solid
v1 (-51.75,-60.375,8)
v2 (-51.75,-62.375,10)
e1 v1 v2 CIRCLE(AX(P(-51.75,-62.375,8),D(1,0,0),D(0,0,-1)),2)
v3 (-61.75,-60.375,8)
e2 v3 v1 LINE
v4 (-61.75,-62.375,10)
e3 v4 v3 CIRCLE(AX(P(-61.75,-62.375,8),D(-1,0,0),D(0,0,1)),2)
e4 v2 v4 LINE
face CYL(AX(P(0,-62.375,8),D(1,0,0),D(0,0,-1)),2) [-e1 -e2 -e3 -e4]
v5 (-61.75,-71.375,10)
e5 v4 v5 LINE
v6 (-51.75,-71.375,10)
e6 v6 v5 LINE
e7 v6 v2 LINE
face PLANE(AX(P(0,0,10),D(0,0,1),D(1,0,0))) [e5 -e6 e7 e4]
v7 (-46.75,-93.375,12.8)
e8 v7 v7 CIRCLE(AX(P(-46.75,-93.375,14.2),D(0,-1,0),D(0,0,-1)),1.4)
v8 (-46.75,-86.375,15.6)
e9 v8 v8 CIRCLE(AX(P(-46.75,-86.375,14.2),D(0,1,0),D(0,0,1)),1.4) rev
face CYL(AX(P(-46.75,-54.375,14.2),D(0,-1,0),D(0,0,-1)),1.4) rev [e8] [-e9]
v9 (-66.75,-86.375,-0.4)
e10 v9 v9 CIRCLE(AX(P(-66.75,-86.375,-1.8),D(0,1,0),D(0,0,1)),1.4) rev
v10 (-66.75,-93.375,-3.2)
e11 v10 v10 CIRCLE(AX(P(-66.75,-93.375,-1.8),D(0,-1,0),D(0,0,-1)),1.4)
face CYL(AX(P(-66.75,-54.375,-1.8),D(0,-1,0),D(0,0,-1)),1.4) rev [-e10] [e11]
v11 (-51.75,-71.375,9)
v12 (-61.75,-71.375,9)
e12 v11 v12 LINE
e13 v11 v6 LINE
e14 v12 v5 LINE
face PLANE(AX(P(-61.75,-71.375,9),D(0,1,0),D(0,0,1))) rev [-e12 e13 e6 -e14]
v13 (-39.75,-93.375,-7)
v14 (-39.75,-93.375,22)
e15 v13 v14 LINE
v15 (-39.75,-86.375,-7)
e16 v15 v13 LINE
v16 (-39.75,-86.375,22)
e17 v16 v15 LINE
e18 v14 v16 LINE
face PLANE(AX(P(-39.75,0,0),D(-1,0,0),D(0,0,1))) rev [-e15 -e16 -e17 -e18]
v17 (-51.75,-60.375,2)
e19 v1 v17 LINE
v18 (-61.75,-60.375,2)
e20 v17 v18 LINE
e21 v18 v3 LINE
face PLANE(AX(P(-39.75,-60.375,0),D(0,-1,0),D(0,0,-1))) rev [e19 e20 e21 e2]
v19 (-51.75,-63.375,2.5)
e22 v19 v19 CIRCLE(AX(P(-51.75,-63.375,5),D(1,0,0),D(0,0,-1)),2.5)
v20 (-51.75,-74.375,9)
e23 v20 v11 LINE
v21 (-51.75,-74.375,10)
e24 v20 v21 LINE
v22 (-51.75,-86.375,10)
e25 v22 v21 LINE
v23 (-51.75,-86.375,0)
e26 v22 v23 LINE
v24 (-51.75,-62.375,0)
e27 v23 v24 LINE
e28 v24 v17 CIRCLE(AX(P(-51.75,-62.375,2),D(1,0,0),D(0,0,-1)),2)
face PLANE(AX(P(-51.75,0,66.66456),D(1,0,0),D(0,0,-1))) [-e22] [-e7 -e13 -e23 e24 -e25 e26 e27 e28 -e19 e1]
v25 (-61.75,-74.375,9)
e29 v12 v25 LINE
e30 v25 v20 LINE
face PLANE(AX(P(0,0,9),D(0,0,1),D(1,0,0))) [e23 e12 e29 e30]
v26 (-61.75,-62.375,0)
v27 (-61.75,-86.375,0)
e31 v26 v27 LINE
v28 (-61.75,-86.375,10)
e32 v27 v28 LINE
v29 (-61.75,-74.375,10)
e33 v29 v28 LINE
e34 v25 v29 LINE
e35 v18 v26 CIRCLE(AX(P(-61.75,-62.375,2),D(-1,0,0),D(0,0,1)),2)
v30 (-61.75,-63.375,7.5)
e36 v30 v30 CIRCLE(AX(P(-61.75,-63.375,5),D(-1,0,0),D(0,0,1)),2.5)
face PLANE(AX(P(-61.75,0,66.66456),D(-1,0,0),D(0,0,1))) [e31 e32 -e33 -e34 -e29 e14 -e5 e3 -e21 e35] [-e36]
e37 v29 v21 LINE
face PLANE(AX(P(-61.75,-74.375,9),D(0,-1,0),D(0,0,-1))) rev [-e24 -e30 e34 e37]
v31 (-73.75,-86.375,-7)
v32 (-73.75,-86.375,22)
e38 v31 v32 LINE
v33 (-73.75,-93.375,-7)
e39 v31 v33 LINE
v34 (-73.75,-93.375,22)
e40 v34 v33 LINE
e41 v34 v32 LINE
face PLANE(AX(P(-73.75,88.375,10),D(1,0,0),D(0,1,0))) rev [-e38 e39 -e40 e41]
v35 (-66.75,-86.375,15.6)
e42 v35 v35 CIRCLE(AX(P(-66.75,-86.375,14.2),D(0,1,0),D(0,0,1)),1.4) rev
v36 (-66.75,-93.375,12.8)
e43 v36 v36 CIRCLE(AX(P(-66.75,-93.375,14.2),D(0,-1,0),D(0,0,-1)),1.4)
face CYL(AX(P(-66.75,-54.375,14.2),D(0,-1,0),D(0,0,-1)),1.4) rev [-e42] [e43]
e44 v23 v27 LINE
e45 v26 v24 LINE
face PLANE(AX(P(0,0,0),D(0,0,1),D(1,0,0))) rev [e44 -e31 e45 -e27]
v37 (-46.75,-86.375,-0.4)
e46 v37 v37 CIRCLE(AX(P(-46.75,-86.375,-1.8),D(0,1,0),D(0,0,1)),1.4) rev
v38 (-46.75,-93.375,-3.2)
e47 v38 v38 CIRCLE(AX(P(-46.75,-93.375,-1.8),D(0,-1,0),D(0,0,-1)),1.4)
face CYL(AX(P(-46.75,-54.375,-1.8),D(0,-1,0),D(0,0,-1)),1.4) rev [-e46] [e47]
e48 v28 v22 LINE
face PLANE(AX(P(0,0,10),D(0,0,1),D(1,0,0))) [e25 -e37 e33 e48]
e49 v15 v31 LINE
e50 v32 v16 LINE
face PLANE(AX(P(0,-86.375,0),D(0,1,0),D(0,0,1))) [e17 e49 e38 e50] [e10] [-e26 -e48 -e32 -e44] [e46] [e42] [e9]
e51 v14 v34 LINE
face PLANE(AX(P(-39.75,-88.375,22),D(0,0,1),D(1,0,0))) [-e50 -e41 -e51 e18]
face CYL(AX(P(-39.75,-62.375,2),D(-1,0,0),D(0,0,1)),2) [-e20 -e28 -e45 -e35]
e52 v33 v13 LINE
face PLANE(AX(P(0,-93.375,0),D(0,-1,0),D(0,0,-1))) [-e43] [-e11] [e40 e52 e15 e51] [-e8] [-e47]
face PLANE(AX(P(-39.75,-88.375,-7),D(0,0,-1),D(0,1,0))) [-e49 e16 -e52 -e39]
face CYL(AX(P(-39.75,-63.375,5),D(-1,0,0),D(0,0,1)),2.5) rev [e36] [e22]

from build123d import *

# Parameters (mm, degrees)
SKETCH2_W               = 147.5
SKETCH2_H               = 176.75
BOSS_EXTRUDE1_DEPTH     = 10
SKETCH3_W               = 29
SKETCH3_H               = 15
BOSS_EXTRUDE2_DEPTH     = 34
BOSS_EXTRUDE3_DEPTH     = 34
SKETCH8_W               = 113.5
SKETCH8_H               = 176.75
CUT_EXTRUDE1_DEPTH      = 30
SKETCH9_R               = 2.5
CUT_EXTRUDE2_DEPTH      = 134.016415209
SKETCH10_W              = 3
SKETCH10_H              = 3
CUT_EXTRUDE3_DEPTH      = 3
CUT_EXTRUDE4_DEPTH      = 134.016415209
CUT_EXTRUDE4_DEPTH_BACK = 134.016415209
SKETCH11_W              = 9
SKETCH11_H              = 8
SKETCH11_H_2            = 4
SKETCH11_W_2            = 3
SKETCH11_R              = 2.5
SKETCH11_W_3            = 34
SKETCH11_H_3            = 15
CUT_EXTRUDE5_DEPTH      = 94.691731892
CUT_EXTRUDE5_DEPTH_BACK = 94.691731892
SKETCH13_R              = 2.5
CUT_EXTRUDE6_DEPTH      = 94.691731892
CUT_EXTRUDE6_DEPTH_BACK = 94.691731892
SKETCH14_W              = 10
SKETCH14_H              = 2
FILLET1_R               = 2
SKETCH15_R              = 1.4
CUT_EXTRUDE7_DEPTH      = 34
SKETCH18_W              = 12
SKETCH18_H              = 8
CUT_EXTRUDE8_DEPTH      = 34
SKETCH19_W              = 7
SKETCH19_H              = 8
SKETCH19_W_2            = 12
CUT_EXTRUDE9_DEPTH      = 34
BOSS_EXTRUDE4_START     = 5
SKETCH20_W              = 34
SKETCH20_H              = 29
SKETCH20_R              = 1.4
BOSS_EXTRUDE4_DEPTH     = 5
SKETCH21_W              = 34
SKETCH21_H              = 29
SKETCH21_W_2            = 10
SKETCH21_H_2            = 10
CUT_EXTRUDE10_DEPTH     = 5
SKETCH22_W              = 10
SKETCH22_H              = 3
CUT_EXTRUDE11_DEPTH     = 1


with BuildPart() as part:
    # Sketch2 → Boss-Extrude1 (new body)
    with BuildSketch(Plane.XY):
        Rectangle(SKETCH2_W, SKETCH2_H)
    extrude(amount=BOSS_EXTRUDE1_DEPTH)

    # Sketch3 → Boss-Extrude2 (add)
    with BuildSketch(Plane.ZY.offset(73.75)):
        with Locations((7.5, 80.875)):
            Rectangle(SKETCH3_W, SKETCH3_H)
        with Locations((7.5, -80.875)):
            Rectangle(SKETCH3_W, SKETCH3_H)
    boss_extrude2 = extrude(amount=-BOSS_EXTRUDE2_DEPTH)

    # Mirror1: Boss-Extrude2 across plane
    add(boss_extrude2.mirror(Plane(origin=(0, 0, 0), x_dir=(0, 0, 1), z_dir=(1, 0, 0))))

    # Sketch5 → Boss-Extrude3 (add)
    with BuildSketch(Plane.ZY.offset(73.75)):
        Polygon((13.717233978, 0), (47.494362324, 23.650999887), (54.37727956, 13.821175356), (66.664560225, 22.424821901), (50.030843571, 46.180231185), (37.743562906, 37.57658464), (41.758597961, 31.84252033), (10, 9.604910635), (10, -9.604910635), (41.758597961, -31.84252033), (37.743562906, -37.57658464), (50.030843571, -46.180231185), (66.664560225, -22.424821901), (54.37727956, -13.821175356), (47.494362324, -23.650999887), align=None)
    extrude(amount=-BOSS_EXTRUDE3_DEPTH)

    # Sketch8 → Cut-Extrude1 (cut)
    with BuildSketch(Plane.XY.offset(22)):
        with Locations((17, 0)):
            Rectangle(SKETCH8_W, SKETCH8_H)
    extrude(amount=-CUT_EXTRUDE1_DEPTH, mode=Mode.SUBTRACT)

    # Sketch9 → Cut-Extrude2 (cut, through all)
    with BuildSketch(Plane(origin=(0, 0, 0), x_dir=(-1, 0, 0), z_dir=(0, 0, -1))):
        with Locations((49.75, 58.375)):
            Circle(SKETCH9_R)
        with Locations((63.75, 58.375)):
            Circle(SKETCH9_R)
        with Locations((49.75, -53.375)):
            Circle(SKETCH9_R)
        with Locations((63.75, -53.375)):
            Circle(SKETCH9_R)
    extrude(amount=-CUT_EXTRUDE2_DEPTH, mode=Mode.SUBTRACT)

    # Sketch10 → Cut-Extrude3 (cut)
    with BuildSketch(Plane(origin=(0, 0, -7), x_dir=(-1, 0, 0), z_dir=(0, 0, -1))):
        with Locations((72.25, 86.875)):
            Rectangle(SKETCH10_W, SKETCH10_H)
    extrude(amount=-CUT_EXTRUDE3_DEPTH, mode=Mode.SUBTRACT)

    # Sketch11 → Cut-Extrude4 (cut, two sides: drawn at the far end of the back side and taken through both)
    # profile 1 of 12: a face of its own
    with BuildSketch(Plane(origin=(0, 0, 0), x_dir=(-1, 0, 0), z_dir=(0, 0, -1)).offset(-CUT_EXTRUDE4_DEPTH_BACK)):
        with Locations((47.25, -69.375)):
            Rectangle(SKETCH11_W, SKETCH11_H)
    # profile 2 of 12: a face of its own
    with BuildSketch(Plane(origin=(0, 0, 0), x_dir=(-1, 0, 0), z_dir=(0, 0, -1)).offset(-CUT_EXTRUDE4_DEPTH_BACK)):
        with Locations((47.25, -63.375)):
            Rectangle(SKETCH11_W, SKETCH11_H_2)
    # profile 3 of 12: a face of its own
    with BuildSketch(Plane(origin=(0, 0, 0), x_dir=(-1, 0, 0), z_dir=(0, 0, -1)).offset(-CUT_EXTRUDE4_DEPTH_BACK)):
        with Locations((41.25, -69.375)):
            Rectangle(SKETCH11_W_2, SKETCH11_H)
    # profile 4 of 12: a face of its own
    with BuildSketch(Plane(origin=(0, 0, 0), x_dir=(-1, 0, 0), z_dir=(0, 0, -1)).offset(-CUT_EXTRUDE4_DEPTH_BACK)):
        with Locations((41.25, -63.375)):
            Rectangle(SKETCH11_W_2, SKETCH11_H_2)
    # profile 5 of 12: a face of its own
    with BuildSketch(Plane(origin=(0, 0, 0), x_dir=(-1, 0, 0), z_dir=(0, 0, -1)).offset(-CUT_EXTRUDE4_DEPTH_BACK)):
        with Locations((66.25, -69.375)):
            Rectangle(SKETCH11_W, SKETCH11_H)
    # profile 6 of 12: a face of its own
    with BuildSketch(Plane(origin=(0, 0, 0), x_dir=(-1, 0, 0), z_dir=(0, 0, -1)).offset(-CUT_EXTRUDE4_DEPTH_BACK)):
        with Locations((66.25, -63.375)):
            Rectangle(SKETCH11_W, SKETCH11_H_2)
    # profile 7 of 12: a face of its own
    with BuildSketch(Plane(origin=(0, 0, 0), x_dir=(-1, 0, 0), z_dir=(0, 0, -1)).offset(-CUT_EXTRUDE4_DEPTH_BACK)):
        with Locations((72.25, -63.375)):
            Rectangle(SKETCH11_W_2, SKETCH11_H_2)
    # profile 8 of 12: a face of its own
    with BuildSketch(Plane(origin=(0, 0, 0), x_dir=(-1, 0, 0), z_dir=(0, 0, -1)).offset(-CUT_EXTRUDE4_DEPTH_BACK)):
        with Locations((72.25, -69.375)):
            Rectangle(SKETCH11_W_2, SKETCH11_H)
    # profile 9 of 12: a face of its own
    with BuildSketch(Plane(origin=(0, 0, 0), x_dir=(-1, 0, 0), z_dir=(0, 0, -1)).offset(-CUT_EXTRUDE4_DEPTH_BACK)):
        Polygon((39.75, 73.375), (39.75, -58.375), (51.75, -58.375), (61.75, -58.375), (73.75, -58.375), (73.75, 73.375), align=None)
        with Locations((49.75, -53.375)):
            Circle(SKETCH11_R, mode=Mode.SUBTRACT)
        with Locations((63.75, -53.375)):
            Circle(SKETCH11_R, mode=Mode.SUBTRACT)
        with Locations((49.75, 58.375)):
            Circle(SKETCH11_R, mode=Mode.SUBTRACT)
        with Locations((63.75, 58.375)):
            Circle(SKETCH11_R, mode=Mode.SUBTRACT)
    # profile 10 of 12: a face of its own
    with BuildSketch(Plane(origin=(0, 0, 0), x_dir=(-1, 0, 0), z_dir=(0, 0, -1)).offset(-CUT_EXTRUDE4_DEPTH_BACK)):
        Polygon((61.75, -58.375), (61.75, -61.375), (70.75, -61.375), (73.75, -61.375), (73.75, -58.375), align=None)
    # profile 11 of 12: a face of its own
    with BuildSketch(Plane(origin=(0, 0, 0), x_dir=(-1, 0, 0), z_dir=(0, 0, -1)).offset(-CUT_EXTRUDE4_DEPTH_BACK)):
        Polygon((39.75, -58.375), (39.75, -61.375), (42.75, -61.375), (51.75, -61.375), (51.75, -58.375), align=None)
    # profile 12 of 12: a face of its own
    with BuildSketch(Plane(origin=(0, 0, 0), x_dir=(-1, 0, 0), z_dir=(0, 0, -1)).offset(-CUT_EXTRUDE4_DEPTH_BACK)):
        with Locations((56.75, 80.875)):
            Rectangle(SKETCH11_W_3, SKETCH11_H_3)
    extrude(amount=CUT_EXTRUDE4_DEPTH + CUT_EXTRUDE4_DEPTH_BACK, mode=Mode.SUBTRACT)

    # Sketch13 → Cut-Extrude5 (cut, two sides: drawn at the far end of the back side and taken through both)
    with BuildSketch(Plane.ZY.offset(61.75).offset(-CUT_EXTRUDE5_DEPTH_BACK)):
        with Locations((5, -63.375)):
            Circle(SKETCH13_R)
    extrude(amount=CUT_EXTRUDE5_DEPTH + CUT_EXTRUDE5_DEPTH_BACK, mode=Mode.SUBTRACT)

    # Sketch14 → Cut-Extrude6 (cut, two sides: drawn at the far end of the back side and taken through both)
    with BuildSketch(Plane.ZY.offset(61.75).offset(-CUT_EXTRUDE6_DEPTH_BACK)):
        with Locations((5, -59.375)):
            Rectangle(SKETCH14_W, SKETCH14_H)
    extrude(amount=CUT_EXTRUDE6_DEPTH + CUT_EXTRUDE6_DEPTH_BACK, mode=Mode.SUBTRACT)

    # Fillet1
    fillet1_edges = [part.edges().sort_by_distance(p)[0] for p in [
        (-56.75, -60.375, 0),
        (-56.75, -60.375, 10),
    ]]
    fillet(fillet1_edges, radius=FILLET1_R)

    # Sketch15 → Cut-Extrude7 (cut)
    with BuildSketch(Plane.XZ.offset(88.375)):
        with Locations(Location((-46.75, -1.8, 0), (0, 0, 270))):
            Circle(SKETCH15_R)
        with Locations(Location((-66.75, -1.8, 0), (0, 0, 270))):
            Circle(SKETCH15_R)
        with Locations(Location((-66.75, 14.2, 0), (0, 0, 270))):
            Circle(SKETCH15_R)
        with Locations(Location((-46.75, 14.2, 0), (0, 0, 270))):
            Circle(SKETCH15_R)
    extrude(amount=-CUT_EXTRUDE7_DEPTH, mode=Mode.SUBTRACT)

    # Sketch18 → Cut-Extrude8 (cut)
    with BuildSketch(Plane(origin=(0, 0, -7), x_dir=(-1, 0, 0), z_dir=(0, 0, -1))):
        with Locations((45.75, -77.375)):
            Rectangle(SKETCH18_W, SKETCH18_H)
        with Locations((67.75, -77.375)):
            Rectangle(SKETCH18_W, SKETCH18_H)
    extrude(amount=-CUT_EXTRUDE8_DEPTH, mode=Mode.SUBTRACT)

    # Sketch19 → Cut-Extrude9 (cut)
    with BuildSketch(Plane.ZY.offset(61.75)):
        with Locations((-3.5, -77.375)):
            Rectangle(SKETCH19_W, SKETCH19_H)
        with Locations((16, -77.375)):
            Rectangle(SKETCH19_W_2, SKETCH19_H)
    extrude(amount=-CUT_EXTRUDE9_DEPTH, mode=Mode.SUBTRACT)

    # Sketch20 → Boss-Extrude4 (add)
    with BuildSketch(Plane.XZ.offset(88.375).offset(BOSS_EXTRUDE4_START)):
        with Locations((-56.75, 7.5)):
            Rectangle(SKETCH20_W, SKETCH20_H)
        with Locations(Location((-66.75, 14.2, 0), (0, 0, 270))):
            Circle(SKETCH20_R, mode=Mode.SUBTRACT)
        with Locations(Location((-46.75, 14.2, 0), (0, 0, 270))):
            Circle(SKETCH20_R, mode=Mode.SUBTRACT)
        with Locations(Location((-46.75, -1.8, 0), (0, 0, 270))):
            Circle(SKETCH20_R, mode=Mode.SUBTRACT)
        with Locations(Location((-66.75, -1.8, 0), (0, 0, 270))):
            Circle(SKETCH20_R, mode=Mode.SUBTRACT)
    extrude(amount=-BOSS_EXTRUDE4_DEPTH)

    # Sketch21 → Cut-Extrude10 (cut)
    with BuildSketch(Plane(origin=(0, -81.375, 0), x_dir=(1, 0, 0), z_dir=(0, 1, 0))):
        with Locations((-56.75, -7.5)):
            Rectangle(SKETCH21_W, SKETCH21_H)
        with Locations((-56.75, -5)):
            Rectangle(SKETCH21_W_2, SKETCH21_H_2, mode=Mode.SUBTRACT)
    extrude(amount=-CUT_EXTRUDE10_DEPTH, mode=Mode.SUBTRACT)

    # Sketch22 → Cut-Extrude11 (cut)
    with BuildSketch(Plane.XY.offset(10)):
        with Locations((-56.75, -72.875)):
            Rectangle(SKETCH22_W, SKETCH22_H)
    extrude(amount=-CUT_EXTRUDE11_DEPTH, mode=Mode.SUBTRACT)


solid = part.part
